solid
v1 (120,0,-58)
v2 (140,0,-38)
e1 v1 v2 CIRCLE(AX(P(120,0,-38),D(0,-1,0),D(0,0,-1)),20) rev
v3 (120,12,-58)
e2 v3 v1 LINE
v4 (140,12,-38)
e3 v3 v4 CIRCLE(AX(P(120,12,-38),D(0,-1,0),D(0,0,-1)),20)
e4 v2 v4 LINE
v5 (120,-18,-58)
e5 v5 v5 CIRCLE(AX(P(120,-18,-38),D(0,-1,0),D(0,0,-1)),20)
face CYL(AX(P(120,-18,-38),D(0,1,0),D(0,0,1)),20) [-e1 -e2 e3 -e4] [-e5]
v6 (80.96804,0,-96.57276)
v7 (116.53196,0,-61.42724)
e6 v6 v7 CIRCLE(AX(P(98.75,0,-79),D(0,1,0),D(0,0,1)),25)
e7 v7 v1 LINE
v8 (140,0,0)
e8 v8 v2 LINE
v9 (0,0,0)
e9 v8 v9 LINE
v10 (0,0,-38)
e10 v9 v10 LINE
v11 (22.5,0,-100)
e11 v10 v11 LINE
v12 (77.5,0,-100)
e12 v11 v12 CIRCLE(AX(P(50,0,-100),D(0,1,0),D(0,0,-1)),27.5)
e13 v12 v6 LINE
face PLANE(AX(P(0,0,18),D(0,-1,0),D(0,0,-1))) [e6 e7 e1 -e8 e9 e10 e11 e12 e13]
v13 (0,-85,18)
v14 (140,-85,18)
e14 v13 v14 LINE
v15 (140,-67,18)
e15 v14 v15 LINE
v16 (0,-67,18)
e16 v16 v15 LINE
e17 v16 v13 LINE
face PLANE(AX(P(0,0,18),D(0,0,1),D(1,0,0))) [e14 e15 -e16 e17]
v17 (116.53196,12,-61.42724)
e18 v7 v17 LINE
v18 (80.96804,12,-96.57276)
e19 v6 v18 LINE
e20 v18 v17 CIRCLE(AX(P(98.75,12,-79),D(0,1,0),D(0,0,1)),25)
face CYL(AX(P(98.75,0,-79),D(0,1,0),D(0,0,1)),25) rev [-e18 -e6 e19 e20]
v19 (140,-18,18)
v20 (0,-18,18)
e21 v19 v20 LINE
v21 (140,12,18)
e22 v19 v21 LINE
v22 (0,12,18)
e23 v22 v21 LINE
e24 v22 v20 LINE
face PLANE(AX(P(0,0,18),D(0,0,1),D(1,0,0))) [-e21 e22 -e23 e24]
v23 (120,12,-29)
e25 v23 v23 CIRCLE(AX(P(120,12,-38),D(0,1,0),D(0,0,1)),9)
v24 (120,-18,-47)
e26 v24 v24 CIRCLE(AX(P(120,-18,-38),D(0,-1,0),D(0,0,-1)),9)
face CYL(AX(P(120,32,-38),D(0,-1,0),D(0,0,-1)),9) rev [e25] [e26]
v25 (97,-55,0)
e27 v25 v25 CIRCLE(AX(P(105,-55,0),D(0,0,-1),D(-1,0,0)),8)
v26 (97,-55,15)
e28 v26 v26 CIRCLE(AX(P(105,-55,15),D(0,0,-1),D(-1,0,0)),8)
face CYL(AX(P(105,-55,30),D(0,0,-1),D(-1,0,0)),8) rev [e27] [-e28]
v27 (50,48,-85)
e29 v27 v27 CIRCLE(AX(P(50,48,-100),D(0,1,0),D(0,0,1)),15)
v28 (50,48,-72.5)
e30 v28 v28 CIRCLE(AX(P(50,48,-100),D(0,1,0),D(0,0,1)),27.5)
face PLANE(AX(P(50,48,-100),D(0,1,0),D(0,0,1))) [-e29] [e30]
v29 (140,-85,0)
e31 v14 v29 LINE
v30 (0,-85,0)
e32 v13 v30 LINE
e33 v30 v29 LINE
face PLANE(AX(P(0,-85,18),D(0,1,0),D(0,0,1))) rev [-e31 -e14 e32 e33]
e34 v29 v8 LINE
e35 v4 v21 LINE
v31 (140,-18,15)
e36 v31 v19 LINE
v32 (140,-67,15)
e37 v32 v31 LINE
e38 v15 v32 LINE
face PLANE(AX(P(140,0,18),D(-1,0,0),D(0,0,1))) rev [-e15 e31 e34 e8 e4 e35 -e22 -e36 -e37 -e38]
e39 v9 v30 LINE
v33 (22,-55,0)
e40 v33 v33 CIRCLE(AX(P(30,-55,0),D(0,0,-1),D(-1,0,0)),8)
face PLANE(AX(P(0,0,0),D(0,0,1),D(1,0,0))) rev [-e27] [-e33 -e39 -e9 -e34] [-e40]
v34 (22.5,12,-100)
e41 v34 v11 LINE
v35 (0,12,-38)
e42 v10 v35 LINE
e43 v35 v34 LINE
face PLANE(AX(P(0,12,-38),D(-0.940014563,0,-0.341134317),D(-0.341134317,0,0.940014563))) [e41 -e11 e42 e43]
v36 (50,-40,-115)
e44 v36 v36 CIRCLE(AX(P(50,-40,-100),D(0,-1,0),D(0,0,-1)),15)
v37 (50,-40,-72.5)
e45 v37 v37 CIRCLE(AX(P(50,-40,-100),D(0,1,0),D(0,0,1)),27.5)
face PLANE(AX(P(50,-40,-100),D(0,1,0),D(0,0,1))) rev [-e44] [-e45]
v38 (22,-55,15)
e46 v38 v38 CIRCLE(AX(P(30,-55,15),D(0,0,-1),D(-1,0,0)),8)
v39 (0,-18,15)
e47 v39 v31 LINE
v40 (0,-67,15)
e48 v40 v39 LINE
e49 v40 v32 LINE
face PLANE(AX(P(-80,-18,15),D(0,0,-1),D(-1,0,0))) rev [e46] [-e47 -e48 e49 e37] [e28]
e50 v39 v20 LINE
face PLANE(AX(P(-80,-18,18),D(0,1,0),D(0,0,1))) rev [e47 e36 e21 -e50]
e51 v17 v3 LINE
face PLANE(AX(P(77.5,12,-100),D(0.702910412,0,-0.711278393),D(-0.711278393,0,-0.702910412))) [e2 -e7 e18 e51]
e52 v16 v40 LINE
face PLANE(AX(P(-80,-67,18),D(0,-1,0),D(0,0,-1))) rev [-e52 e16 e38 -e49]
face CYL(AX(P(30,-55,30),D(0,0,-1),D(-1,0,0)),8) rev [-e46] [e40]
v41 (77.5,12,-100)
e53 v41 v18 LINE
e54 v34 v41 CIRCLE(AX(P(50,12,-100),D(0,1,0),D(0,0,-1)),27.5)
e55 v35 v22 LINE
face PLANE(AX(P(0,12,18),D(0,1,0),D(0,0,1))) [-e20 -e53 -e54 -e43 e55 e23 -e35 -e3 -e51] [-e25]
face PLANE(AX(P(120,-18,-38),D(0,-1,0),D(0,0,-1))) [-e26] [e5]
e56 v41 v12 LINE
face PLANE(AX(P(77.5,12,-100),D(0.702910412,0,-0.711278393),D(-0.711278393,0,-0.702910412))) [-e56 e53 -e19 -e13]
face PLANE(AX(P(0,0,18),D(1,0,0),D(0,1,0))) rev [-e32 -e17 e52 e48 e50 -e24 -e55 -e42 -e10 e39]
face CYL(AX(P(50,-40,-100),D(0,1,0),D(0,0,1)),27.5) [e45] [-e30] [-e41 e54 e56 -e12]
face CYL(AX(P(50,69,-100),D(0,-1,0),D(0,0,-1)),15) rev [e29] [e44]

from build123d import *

# Parameters (mm, degrees)
SKETCH1_W                = 140
SKETCH1_H                = 85
BOSS_EXTRUDE1_DEPTH      = 18
SKETCH2_W                = 3
SKETCH2_H                = 49
CUT_EXTRUDE1_DEPTH       = 220
SKETCH3_R                = 8
CUT_EXTRUDE4_DEPTH       = 30
SKETCH5_W                = 56
SKETCH5_H                = 12
BOSS_EXTRUDE2_DEPTH      = 140
BOSS_EXTRUDE3_DEPTH      = 18
BOSS_EXTRUDE3_DEPTH_BACK = 12
SKETCH7_R                = 20
SKETCH8_R                = 9
CUT_EXTRUDE5_DEPTH       = 50
BOSS_EXTRUDE4_DEPTH      = 12
BOSS_EXTRUDE6_DEPTH      = 36
BOSS_EXTRUDE6_DEPTH_BACK = 52
SKETCH11_R               = 27.5
SKETCH12_R               = 15
CUT_EXTRUDE6_DEPTH       = 109
CUT_EXTRUDE11_DEPTH      = 12


with BuildPart() as part:
    # Sketch1 → Boss-Extrude1 (new body)
    with BuildSketch(Plane.XY):
        with Locations((70, -42.5)):
            Rectangle(SKETCH1_W, SKETCH1_H)
    extrude(amount=BOSS_EXTRUDE1_DEPTH)

    # Sketch2 → Cut-Extrude1 (cut)
    with BuildSketch(Plane(origin=(140, 0, 0), x_dir=(0, 0, -1), z_dir=(1, 0, 0))):
        with Locations((-16.5, -42.5)):
            Rectangle(SKETCH2_W, SKETCH2_H)
    extrude(amount=-CUT_EXTRUDE1_DEPTH, mode=Mode.SUBTRACT)

    # Sketch3 → Cut-Extrude4 (cut)
    with BuildSketch(Plane(origin=(0, 0, 0), x_dir=(-1, 0, 0), z_dir=(0, 0, -1))):
        with Locations((-105, -55)):
            Circle(SKETCH3_R)
        with Locations((-30, -55)):
            Circle(SKETCH3_R)
    extrude(amount=-CUT_EXTRUDE4_DEPTH, mode=Mode.SUBTRACT)

    # Sketch5 → Boss-Extrude2 (add)
    with BuildSketch(Plane(origin=(140, 0, 0), x_dir=(0, 0, -1), z_dir=(1, 0, 0))):
        with Locations((10, 6)):
            Rectangle(SKETCH5_W, SKETCH5_H)
    extrude(amount=-BOSS_EXTRUDE2_DEPTH)

    # Sketch7 → Boss-Extrude3 (add, two sides: drawn at the far end of the back side and taken through both)
    with BuildSketch(Plane.XZ.offset(-BOSS_EXTRUDE3_DEPTH_BACK)):
        with Locations(Location((120, -38, 0), (0, 0, 180))):
            Circle(SKETCH7_R)
    extrude(amount=BOSS_EXTRUDE3_DEPTH + BOSS_EXTRUDE3_DEPTH_BACK)

    # Sketch8 → Cut-Extrude5 (cut)
    with BuildSketch(Plane(origin=(0, -18, 0), x_dir=(-1, 0, 0), z_dir=(0, -1, 0))):
        with Locations(Location((-120, 38, 0), (0, 0, 90))):
            Circle(SKETCH8_R)
    extrude(amount=-CUT_EXTRUDE5_DEPTH, mode=Mode.SUBTRACT)

    # Sketch10 → Boss-Extrude4 (add)
    with BuildSketch(Plane.XZ):
        with BuildLine():
            Line((0, -38), (22.5, -100))
            ThreePointArc((22.5, -100), (50, -72.5), (77.5, -100))
            Line((77.5, -100), (120, -58))
            ThreePointArc((120, -58), (105.857864376, -52.142135624), (100, -38))
            Line((100, -38), (0, -38))
        make_face()
    extrude(amount=-BOSS_EXTRUDE4_DEPTH)

    # Sketch11 → Boss-Extrude6 (add, two sides: drawn at the far end of the back side and taken through both)
    with BuildSketch(Plane(origin=(0, 12, 0), x_dir=(1, 0, 0), z_dir=(0, 1, 0)).offset(-BOSS_EXTRUDE6_DEPTH_BACK)):
        with Locations(Location((50, 100, 0), (0, 0, 270))):
            Circle(SKETCH11_R)
    extrude(amount=BOSS_EXTRUDE6_DEPTH + BOSS_EXTRUDE6_DEPTH_BACK)

    # Sketch12 → Cut-Extrude6 (cut)
    with BuildSketch(Plane.XZ.offset(40)):
        with Locations(Location((50, -100, 0), (0, 0, 270))):
            Circle(SKETCH12_R)
    extrude(amount=-CUT_EXTRUDE6_DEPTH, mode=Mode.SUBTRACT)

    # Sketch14 → Cut-Extrude11 (cut)
    with BuildSketch(Plane(origin=(0, 12, 0), x_dir=(1, 0, 0), z_dir=(0, 1, 0))):
        with BuildLine():
            Line((80.968040171, 96.572760302), (116.531959829, 61.427239698))
            ThreePointArc((116.531959829, 61.427239698), (81.177239698, 61.218040171), (80.968040171, 96.572760302))
        make_face()
    extrude(amount=-CUT_EXTRUDE11_DEPTH, mode=Mode.SUBTRACT)


solid = part.part
